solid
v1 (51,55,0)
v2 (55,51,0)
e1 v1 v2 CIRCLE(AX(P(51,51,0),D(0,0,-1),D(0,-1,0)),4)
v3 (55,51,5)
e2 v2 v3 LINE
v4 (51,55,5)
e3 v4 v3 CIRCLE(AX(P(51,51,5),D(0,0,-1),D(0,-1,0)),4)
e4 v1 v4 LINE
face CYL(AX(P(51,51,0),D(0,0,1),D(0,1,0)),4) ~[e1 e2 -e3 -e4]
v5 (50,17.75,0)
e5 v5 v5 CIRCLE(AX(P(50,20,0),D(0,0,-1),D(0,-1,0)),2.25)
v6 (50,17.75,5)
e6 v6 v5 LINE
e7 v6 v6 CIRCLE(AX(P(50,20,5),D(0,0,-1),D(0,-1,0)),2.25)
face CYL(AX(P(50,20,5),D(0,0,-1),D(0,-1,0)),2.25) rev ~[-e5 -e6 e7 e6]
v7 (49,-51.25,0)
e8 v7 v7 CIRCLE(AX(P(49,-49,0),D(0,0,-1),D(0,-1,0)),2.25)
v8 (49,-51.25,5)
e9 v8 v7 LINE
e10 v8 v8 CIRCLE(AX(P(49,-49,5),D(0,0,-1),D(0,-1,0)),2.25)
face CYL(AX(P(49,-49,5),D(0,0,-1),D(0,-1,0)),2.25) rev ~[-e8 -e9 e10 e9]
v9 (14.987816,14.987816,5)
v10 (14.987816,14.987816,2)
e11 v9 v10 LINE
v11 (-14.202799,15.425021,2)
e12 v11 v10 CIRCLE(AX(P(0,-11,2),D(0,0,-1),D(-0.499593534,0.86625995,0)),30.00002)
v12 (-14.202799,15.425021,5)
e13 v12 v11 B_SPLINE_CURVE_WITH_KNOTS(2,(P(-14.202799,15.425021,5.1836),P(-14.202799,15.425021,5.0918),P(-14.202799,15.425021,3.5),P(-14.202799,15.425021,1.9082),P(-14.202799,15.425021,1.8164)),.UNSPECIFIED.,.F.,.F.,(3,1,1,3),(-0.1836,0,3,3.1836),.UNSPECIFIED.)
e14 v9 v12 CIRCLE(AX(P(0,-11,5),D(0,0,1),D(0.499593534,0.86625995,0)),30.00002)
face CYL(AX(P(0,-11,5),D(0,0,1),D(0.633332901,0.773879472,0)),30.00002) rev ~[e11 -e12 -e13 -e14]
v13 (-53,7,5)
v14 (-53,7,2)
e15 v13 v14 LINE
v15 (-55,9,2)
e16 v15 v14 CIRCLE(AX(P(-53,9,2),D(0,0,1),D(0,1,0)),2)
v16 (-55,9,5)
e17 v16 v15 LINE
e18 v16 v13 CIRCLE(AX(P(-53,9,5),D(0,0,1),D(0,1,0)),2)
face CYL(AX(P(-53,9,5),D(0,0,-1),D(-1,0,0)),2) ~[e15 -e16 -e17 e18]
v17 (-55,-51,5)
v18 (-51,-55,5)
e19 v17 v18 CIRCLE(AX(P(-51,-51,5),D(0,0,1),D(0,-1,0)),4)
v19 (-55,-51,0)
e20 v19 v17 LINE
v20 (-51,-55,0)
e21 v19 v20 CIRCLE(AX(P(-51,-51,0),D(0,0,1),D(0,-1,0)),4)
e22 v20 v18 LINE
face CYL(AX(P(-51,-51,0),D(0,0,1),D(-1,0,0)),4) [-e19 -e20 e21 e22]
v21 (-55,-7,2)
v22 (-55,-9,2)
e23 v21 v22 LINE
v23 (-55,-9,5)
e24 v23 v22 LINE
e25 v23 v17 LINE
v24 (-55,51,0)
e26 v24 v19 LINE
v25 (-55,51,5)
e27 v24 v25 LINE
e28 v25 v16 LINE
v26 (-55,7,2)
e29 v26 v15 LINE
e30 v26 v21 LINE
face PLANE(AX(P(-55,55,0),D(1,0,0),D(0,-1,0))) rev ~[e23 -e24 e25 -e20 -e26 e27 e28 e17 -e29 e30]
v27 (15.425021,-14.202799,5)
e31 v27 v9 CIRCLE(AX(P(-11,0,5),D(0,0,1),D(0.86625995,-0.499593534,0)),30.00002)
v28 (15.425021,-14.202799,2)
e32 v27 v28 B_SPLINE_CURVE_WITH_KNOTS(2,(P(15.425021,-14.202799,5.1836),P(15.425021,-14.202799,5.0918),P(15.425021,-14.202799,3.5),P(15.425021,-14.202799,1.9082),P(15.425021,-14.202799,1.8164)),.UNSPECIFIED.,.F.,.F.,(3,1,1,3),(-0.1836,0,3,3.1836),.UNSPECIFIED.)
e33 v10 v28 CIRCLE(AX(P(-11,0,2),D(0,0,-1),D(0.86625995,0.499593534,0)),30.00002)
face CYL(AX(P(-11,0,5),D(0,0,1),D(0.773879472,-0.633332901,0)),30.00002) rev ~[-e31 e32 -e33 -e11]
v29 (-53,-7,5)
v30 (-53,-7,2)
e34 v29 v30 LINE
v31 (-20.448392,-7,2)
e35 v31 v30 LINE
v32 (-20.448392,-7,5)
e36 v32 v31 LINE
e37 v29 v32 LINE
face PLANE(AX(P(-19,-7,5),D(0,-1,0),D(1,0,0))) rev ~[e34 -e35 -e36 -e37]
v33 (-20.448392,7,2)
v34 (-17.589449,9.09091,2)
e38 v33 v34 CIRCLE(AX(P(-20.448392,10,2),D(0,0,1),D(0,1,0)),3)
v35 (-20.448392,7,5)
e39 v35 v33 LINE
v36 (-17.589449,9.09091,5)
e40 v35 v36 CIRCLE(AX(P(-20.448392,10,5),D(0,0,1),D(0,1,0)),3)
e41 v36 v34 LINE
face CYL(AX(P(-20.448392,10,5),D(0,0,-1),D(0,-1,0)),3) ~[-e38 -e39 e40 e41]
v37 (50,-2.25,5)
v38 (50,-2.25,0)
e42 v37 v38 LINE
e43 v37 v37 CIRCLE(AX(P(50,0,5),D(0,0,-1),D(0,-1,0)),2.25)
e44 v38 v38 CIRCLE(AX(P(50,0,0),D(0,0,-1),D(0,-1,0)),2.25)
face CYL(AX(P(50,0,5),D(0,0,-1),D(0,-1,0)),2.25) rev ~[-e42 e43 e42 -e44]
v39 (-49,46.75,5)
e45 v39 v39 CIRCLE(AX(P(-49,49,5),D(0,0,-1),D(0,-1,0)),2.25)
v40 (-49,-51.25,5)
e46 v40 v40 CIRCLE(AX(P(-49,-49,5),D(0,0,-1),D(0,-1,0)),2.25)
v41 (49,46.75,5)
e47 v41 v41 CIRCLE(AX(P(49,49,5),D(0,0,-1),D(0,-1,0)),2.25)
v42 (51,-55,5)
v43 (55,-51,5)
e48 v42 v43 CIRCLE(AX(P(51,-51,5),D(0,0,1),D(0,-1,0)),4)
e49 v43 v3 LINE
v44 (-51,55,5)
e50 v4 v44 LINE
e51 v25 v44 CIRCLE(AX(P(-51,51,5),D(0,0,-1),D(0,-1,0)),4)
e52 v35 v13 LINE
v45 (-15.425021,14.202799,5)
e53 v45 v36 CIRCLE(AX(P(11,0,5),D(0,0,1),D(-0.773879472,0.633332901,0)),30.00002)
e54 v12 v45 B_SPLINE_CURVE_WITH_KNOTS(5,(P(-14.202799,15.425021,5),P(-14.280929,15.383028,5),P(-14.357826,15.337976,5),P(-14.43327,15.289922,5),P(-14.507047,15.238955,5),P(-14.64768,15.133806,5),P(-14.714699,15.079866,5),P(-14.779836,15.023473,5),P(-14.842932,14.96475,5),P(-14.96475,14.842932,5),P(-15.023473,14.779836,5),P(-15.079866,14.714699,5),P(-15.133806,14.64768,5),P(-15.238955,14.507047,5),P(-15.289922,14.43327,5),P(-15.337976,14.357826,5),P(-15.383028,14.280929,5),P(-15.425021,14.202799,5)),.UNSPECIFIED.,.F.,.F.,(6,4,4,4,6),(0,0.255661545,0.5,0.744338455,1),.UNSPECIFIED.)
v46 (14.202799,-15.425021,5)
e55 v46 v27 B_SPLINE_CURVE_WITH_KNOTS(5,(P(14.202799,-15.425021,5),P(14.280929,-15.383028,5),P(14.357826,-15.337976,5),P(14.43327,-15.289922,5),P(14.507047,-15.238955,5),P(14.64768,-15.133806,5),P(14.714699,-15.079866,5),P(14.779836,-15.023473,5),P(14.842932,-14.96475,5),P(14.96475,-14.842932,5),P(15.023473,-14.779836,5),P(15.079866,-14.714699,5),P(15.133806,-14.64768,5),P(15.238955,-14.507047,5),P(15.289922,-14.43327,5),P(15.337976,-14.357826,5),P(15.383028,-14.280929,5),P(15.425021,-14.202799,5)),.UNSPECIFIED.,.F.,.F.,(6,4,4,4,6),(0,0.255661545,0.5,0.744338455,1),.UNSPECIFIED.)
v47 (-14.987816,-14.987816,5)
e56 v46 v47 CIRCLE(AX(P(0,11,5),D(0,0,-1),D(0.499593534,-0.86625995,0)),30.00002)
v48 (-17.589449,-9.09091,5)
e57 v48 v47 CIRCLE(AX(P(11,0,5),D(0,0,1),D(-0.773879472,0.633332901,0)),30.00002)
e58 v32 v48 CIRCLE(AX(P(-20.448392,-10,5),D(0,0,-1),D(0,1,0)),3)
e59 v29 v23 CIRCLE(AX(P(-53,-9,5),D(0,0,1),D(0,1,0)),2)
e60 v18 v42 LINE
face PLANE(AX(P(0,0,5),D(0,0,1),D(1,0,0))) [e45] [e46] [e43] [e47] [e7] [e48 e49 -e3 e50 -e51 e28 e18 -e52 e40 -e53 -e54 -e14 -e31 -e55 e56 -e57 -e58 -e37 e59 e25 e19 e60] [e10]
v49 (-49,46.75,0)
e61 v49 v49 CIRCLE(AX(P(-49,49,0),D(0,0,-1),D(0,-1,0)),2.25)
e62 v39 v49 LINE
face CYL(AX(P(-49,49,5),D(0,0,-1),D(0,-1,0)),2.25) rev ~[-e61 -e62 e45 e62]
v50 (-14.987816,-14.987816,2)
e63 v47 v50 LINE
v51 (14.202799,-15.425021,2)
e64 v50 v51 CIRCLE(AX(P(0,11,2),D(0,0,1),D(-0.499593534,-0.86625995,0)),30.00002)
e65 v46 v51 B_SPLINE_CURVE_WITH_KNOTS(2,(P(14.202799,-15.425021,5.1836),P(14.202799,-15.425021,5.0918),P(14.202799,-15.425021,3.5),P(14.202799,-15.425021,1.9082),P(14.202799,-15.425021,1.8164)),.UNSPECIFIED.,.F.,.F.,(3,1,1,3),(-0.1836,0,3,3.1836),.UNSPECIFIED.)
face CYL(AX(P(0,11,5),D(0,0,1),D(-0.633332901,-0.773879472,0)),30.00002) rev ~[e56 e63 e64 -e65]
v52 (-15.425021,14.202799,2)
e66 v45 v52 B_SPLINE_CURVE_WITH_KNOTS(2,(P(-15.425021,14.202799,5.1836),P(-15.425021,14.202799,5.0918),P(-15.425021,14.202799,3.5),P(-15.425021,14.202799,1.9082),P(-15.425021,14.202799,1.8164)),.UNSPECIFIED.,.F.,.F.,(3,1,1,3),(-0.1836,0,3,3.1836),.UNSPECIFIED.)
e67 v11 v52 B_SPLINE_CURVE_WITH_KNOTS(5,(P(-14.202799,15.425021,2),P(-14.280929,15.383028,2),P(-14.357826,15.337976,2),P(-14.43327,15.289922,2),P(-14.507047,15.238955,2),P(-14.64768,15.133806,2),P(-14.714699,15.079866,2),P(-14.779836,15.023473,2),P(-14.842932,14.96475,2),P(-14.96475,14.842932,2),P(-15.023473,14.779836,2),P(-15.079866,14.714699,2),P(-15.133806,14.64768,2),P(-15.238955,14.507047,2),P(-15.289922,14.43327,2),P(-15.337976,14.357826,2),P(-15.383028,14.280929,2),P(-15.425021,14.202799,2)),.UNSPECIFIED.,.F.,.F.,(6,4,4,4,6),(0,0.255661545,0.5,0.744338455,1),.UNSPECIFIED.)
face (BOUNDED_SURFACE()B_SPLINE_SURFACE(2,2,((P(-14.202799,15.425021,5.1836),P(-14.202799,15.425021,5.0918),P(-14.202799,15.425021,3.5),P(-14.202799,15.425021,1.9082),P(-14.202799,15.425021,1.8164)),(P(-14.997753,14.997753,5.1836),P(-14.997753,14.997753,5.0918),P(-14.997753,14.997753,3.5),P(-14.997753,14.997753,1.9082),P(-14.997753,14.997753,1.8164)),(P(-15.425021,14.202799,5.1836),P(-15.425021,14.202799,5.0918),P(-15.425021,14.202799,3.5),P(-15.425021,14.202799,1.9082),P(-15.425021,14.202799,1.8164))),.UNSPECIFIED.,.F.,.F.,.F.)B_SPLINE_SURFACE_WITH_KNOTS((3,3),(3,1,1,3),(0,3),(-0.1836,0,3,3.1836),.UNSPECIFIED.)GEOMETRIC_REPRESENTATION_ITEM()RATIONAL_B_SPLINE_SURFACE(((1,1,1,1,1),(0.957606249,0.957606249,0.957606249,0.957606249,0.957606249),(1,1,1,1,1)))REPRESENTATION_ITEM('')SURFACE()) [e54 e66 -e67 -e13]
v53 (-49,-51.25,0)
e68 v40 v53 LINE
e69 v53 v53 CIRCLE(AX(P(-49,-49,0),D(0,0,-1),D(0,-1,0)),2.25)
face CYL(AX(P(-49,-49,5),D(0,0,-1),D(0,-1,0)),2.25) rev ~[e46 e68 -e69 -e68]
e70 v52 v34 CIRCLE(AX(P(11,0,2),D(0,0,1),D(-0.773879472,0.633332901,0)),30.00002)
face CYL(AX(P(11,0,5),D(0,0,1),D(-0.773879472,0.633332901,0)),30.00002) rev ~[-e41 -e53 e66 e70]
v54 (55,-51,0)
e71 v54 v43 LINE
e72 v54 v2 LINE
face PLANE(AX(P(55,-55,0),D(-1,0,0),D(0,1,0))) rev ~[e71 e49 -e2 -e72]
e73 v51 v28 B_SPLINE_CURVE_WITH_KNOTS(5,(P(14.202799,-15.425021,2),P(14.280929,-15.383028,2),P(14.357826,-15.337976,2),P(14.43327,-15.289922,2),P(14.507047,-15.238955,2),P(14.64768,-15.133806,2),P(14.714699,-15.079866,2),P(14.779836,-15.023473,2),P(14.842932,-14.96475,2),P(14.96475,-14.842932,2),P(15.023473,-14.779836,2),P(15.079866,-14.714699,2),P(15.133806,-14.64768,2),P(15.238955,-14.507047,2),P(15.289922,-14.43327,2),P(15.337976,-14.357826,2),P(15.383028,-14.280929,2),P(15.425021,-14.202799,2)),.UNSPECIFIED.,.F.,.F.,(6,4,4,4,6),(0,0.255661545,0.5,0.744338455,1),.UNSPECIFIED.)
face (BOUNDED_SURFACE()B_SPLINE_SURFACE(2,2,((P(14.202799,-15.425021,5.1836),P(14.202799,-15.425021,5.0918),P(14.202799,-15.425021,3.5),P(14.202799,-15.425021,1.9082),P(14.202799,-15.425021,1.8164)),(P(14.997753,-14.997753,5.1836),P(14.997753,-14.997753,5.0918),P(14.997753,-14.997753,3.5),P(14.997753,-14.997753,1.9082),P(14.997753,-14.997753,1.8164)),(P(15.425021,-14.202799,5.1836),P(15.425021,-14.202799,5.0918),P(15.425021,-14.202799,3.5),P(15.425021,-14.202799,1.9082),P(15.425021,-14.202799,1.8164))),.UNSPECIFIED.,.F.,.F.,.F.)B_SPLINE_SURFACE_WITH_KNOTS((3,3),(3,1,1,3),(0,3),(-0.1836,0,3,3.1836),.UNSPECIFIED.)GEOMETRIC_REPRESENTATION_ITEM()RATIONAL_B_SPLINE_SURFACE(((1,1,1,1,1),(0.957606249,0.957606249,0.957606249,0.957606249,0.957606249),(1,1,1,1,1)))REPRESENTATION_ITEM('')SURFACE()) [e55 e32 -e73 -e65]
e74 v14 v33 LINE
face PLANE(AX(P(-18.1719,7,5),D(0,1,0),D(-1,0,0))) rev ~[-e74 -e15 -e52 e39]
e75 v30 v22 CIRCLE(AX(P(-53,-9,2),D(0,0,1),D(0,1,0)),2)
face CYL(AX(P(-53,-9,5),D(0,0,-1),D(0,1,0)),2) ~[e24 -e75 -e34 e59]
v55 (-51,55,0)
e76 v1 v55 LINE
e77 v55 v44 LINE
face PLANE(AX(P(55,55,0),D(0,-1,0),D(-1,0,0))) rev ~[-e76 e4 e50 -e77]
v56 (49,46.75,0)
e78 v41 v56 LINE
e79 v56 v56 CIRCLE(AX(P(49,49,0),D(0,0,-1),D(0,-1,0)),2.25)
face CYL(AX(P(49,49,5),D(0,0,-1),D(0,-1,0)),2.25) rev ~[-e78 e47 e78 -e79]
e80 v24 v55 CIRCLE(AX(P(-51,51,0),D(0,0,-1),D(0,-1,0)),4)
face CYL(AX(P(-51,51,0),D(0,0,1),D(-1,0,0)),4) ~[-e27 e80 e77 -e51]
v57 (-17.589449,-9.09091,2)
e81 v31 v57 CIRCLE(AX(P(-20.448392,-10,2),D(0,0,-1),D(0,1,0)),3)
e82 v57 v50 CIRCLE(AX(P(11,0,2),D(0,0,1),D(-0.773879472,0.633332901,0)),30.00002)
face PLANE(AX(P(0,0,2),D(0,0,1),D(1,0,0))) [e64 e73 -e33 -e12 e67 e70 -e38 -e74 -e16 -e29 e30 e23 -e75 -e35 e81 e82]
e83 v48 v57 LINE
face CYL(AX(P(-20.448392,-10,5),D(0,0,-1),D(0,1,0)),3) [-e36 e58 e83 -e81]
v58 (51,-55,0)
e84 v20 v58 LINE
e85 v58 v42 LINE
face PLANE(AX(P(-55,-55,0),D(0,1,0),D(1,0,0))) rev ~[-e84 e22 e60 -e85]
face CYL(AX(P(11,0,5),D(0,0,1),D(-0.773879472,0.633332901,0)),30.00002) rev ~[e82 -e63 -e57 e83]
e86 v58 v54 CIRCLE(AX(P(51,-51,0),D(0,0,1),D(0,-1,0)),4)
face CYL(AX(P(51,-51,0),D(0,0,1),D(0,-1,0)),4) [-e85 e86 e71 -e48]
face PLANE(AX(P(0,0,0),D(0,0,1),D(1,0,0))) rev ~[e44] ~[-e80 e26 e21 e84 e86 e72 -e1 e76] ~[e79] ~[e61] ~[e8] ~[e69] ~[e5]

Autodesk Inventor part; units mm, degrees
ref_plane "YZ Plane" through (0, 0, 0) normal (1, 0, 0) x (0, 1, 0)
ref_plane "XZ Plane" through (0, 0, 0) normal (0, 1, 0) x (-1, 0, 0)
ref_plane "XY Plane" through (0, 0, 0) normal (0, 0, 1) x (1, 0, 0)
sketch "Sketch1" plane through (0, 0, 0) normal (0, 0, 1) x (1, 0, 0)
  line L0 (-55, -55) -> (55, -55)
  line L1 (55, -55) -> (55, 55)
  line L2 (55, 55) -> (-55, 55)
  line L3 (-55, 55) -> (-55, -55)
  line L4 (-55, -55) -> (55, 55) construction
  line L5 (55, -55) -> (-55, 55) construction
  point P0 (0, 0)
  dimension "d0" = 110
  dimension "d1" = 110
extrude "Extrusion1" add sketch "Sketch1" along normal blind 5
sketch "Sketch2" plane through (0, 0, 5) normal (0, 0, 1) x (1, 0, 0)
  point P0 (0, 0)
  point P1 (-49, 49)
  point P2 (49, 49)
  point P3 (-49, -49)
  point P4 (49, -49)
  dimension "d11" = 98
  dimension "d12" = 98
  dimension "d13" = 49
  dimension "d14" = 49
hole "Hole1" at (-49, 49, 5) at (49, 49, 5) at (-49, -49, 5) at (49, -49, 5) direction (0, 0, -1) diameter 4.5 depth 8.8 tip angle 118 clearance for "Flat Head Machine Screw" size "M4" standard "Ansi Metric M Profile"
fillet "Fillet1" radius 4 4 edges at (55, 55, 2.5) (55, -55, 2.5) (-55, -55, 2.5) (-55, 55, 2.5)
sketch "Sketch3" plane through (0, 0, 5) normal (0, 0, 1) x (1, 0, 0)
  line L0 (-6.1969, -19) -> (-19, -19)
  line L1 (-19, -19) -> (-19, 19)
  line L2 (-19, 19) -> (19, 19)
  line L3 (19, 19) -> (-6.1969, -19)
  line L4 (-6.1969, -19) -> (-19, 19) construction
  line L5 (-19, -19) -> (19, 19) construction
  line L6 (-55, 51) -> (-55, -51) projected
  arc A0 (-12.2164, 19) -> (-12.2164, -19) centre (11, 0) ccw
  arc A1 (-19, -12.2164) -> (19, -12.2164) centre (0, 11) ccw
  arc A2 (12.2164, -19) -> (12.2164, 19) centre (-11, 0) ccw
  arc A3 (19, 12.2164) -> (-19, 12.2164) centre (0, -11) ccw
  line L7 (-19, -7) -> (-19, 7)
  line L8 (-91.8281, -7) -> (-18.1719, -7)
  line L9 (-18.1719, -7) -> (-18.1719, 7)
  line L10 (-18.1719, 7) -> (-91.8281, 7)
  line L11 (-91.8281, 7) -> (-91.8281, -7)
  line L12 (-91.8281, -7) -> (-18.1719, 7) construction
  line L13 (-18.1719, -7) -> (-91.8281, 7) construction
  point P0 (0, 0)
  point P1 (0, 0)
  point P2 (-19, 0)
  point P3 (0, -19)
  point P4 (19, 0)
  point P5 (0, 19)
  point P6 (-15.2369, 15.7631)
  point P7 (-14.9878, 14.9878)
  point P8 (-46.7631, -15.7631)
  point P9 (14.9878, -14.9878)
  point P10 (-14.9878, -14.9878)
  point P11 (14.9878, 14.9878)
  point P12 (-55, 0)
  point P13 (-55, 7)
  point P14 (-55, -7)
  point P15 (-18.1719, -7)
  dimension "d18" = 38
  dimension "d19" = 38
  dimension "d20" = 30
  dimension "d23" = 360
  dimension "d28" = 42.3919
  dimension "d30" = 14
extrude "Extrusion2" cut sketch "Sketch3" against normal blind 3 contours A1 A0 L9 A3 A2 L3 | L3 A2 A1 | L8 L1 A0 | A0 L9 | L8 L6 L10 L1 | L1 L10 A0
fillet "Fillet2" radius 3 4 edges at (14.9878, -14.9878, 3.5) (-14.9878, 14.9878, 3.5) (-18.1719, -7, 3.5) (-18.1719, 7, 3.5)
sketch "Sketch4" plane through (0, 0, 5) normal (0, 0, 1) x (1, 0, 0)
  line L0 (55, -51) -> (55, 51) construction
  line L1 (50, 20) -> (50, 0) construction
  point P0 (0, 0)
  point P1 (55, 0)
  point P2 (50, 10)
  dimension "d40" = 20
  dimension "d43" = 10
  dimension "d44" = 5
hole "Hole2" at (50, 20, 5) at (50, 0, 5) direction (0, 0, -1) diameter 4.5 depth 14.2 tip angle 118 clearance for "Countersunk Flat Head Screw ISO 2009/7046" size "M4" standard "ISO"
fillet "Fillet3" radius 2 2 edges at (-55, -7, 3.5) (-55, 7, 3.5)
equation "\"d0\" = pcb_size"
equation "\"d1\" = pcb_size"
equation "\"d11\" = pcb_fixation_ecart"
equation "\"d12\" = d11"
equation "\"d13\" = 0.5 * d12"
equation "\"d14\" = 0.5 * d11"
equation "\"pcb_size\" = 110"
equation "\"pcb_fixation_ecart\" = 98"
properties part number "support_camera"
